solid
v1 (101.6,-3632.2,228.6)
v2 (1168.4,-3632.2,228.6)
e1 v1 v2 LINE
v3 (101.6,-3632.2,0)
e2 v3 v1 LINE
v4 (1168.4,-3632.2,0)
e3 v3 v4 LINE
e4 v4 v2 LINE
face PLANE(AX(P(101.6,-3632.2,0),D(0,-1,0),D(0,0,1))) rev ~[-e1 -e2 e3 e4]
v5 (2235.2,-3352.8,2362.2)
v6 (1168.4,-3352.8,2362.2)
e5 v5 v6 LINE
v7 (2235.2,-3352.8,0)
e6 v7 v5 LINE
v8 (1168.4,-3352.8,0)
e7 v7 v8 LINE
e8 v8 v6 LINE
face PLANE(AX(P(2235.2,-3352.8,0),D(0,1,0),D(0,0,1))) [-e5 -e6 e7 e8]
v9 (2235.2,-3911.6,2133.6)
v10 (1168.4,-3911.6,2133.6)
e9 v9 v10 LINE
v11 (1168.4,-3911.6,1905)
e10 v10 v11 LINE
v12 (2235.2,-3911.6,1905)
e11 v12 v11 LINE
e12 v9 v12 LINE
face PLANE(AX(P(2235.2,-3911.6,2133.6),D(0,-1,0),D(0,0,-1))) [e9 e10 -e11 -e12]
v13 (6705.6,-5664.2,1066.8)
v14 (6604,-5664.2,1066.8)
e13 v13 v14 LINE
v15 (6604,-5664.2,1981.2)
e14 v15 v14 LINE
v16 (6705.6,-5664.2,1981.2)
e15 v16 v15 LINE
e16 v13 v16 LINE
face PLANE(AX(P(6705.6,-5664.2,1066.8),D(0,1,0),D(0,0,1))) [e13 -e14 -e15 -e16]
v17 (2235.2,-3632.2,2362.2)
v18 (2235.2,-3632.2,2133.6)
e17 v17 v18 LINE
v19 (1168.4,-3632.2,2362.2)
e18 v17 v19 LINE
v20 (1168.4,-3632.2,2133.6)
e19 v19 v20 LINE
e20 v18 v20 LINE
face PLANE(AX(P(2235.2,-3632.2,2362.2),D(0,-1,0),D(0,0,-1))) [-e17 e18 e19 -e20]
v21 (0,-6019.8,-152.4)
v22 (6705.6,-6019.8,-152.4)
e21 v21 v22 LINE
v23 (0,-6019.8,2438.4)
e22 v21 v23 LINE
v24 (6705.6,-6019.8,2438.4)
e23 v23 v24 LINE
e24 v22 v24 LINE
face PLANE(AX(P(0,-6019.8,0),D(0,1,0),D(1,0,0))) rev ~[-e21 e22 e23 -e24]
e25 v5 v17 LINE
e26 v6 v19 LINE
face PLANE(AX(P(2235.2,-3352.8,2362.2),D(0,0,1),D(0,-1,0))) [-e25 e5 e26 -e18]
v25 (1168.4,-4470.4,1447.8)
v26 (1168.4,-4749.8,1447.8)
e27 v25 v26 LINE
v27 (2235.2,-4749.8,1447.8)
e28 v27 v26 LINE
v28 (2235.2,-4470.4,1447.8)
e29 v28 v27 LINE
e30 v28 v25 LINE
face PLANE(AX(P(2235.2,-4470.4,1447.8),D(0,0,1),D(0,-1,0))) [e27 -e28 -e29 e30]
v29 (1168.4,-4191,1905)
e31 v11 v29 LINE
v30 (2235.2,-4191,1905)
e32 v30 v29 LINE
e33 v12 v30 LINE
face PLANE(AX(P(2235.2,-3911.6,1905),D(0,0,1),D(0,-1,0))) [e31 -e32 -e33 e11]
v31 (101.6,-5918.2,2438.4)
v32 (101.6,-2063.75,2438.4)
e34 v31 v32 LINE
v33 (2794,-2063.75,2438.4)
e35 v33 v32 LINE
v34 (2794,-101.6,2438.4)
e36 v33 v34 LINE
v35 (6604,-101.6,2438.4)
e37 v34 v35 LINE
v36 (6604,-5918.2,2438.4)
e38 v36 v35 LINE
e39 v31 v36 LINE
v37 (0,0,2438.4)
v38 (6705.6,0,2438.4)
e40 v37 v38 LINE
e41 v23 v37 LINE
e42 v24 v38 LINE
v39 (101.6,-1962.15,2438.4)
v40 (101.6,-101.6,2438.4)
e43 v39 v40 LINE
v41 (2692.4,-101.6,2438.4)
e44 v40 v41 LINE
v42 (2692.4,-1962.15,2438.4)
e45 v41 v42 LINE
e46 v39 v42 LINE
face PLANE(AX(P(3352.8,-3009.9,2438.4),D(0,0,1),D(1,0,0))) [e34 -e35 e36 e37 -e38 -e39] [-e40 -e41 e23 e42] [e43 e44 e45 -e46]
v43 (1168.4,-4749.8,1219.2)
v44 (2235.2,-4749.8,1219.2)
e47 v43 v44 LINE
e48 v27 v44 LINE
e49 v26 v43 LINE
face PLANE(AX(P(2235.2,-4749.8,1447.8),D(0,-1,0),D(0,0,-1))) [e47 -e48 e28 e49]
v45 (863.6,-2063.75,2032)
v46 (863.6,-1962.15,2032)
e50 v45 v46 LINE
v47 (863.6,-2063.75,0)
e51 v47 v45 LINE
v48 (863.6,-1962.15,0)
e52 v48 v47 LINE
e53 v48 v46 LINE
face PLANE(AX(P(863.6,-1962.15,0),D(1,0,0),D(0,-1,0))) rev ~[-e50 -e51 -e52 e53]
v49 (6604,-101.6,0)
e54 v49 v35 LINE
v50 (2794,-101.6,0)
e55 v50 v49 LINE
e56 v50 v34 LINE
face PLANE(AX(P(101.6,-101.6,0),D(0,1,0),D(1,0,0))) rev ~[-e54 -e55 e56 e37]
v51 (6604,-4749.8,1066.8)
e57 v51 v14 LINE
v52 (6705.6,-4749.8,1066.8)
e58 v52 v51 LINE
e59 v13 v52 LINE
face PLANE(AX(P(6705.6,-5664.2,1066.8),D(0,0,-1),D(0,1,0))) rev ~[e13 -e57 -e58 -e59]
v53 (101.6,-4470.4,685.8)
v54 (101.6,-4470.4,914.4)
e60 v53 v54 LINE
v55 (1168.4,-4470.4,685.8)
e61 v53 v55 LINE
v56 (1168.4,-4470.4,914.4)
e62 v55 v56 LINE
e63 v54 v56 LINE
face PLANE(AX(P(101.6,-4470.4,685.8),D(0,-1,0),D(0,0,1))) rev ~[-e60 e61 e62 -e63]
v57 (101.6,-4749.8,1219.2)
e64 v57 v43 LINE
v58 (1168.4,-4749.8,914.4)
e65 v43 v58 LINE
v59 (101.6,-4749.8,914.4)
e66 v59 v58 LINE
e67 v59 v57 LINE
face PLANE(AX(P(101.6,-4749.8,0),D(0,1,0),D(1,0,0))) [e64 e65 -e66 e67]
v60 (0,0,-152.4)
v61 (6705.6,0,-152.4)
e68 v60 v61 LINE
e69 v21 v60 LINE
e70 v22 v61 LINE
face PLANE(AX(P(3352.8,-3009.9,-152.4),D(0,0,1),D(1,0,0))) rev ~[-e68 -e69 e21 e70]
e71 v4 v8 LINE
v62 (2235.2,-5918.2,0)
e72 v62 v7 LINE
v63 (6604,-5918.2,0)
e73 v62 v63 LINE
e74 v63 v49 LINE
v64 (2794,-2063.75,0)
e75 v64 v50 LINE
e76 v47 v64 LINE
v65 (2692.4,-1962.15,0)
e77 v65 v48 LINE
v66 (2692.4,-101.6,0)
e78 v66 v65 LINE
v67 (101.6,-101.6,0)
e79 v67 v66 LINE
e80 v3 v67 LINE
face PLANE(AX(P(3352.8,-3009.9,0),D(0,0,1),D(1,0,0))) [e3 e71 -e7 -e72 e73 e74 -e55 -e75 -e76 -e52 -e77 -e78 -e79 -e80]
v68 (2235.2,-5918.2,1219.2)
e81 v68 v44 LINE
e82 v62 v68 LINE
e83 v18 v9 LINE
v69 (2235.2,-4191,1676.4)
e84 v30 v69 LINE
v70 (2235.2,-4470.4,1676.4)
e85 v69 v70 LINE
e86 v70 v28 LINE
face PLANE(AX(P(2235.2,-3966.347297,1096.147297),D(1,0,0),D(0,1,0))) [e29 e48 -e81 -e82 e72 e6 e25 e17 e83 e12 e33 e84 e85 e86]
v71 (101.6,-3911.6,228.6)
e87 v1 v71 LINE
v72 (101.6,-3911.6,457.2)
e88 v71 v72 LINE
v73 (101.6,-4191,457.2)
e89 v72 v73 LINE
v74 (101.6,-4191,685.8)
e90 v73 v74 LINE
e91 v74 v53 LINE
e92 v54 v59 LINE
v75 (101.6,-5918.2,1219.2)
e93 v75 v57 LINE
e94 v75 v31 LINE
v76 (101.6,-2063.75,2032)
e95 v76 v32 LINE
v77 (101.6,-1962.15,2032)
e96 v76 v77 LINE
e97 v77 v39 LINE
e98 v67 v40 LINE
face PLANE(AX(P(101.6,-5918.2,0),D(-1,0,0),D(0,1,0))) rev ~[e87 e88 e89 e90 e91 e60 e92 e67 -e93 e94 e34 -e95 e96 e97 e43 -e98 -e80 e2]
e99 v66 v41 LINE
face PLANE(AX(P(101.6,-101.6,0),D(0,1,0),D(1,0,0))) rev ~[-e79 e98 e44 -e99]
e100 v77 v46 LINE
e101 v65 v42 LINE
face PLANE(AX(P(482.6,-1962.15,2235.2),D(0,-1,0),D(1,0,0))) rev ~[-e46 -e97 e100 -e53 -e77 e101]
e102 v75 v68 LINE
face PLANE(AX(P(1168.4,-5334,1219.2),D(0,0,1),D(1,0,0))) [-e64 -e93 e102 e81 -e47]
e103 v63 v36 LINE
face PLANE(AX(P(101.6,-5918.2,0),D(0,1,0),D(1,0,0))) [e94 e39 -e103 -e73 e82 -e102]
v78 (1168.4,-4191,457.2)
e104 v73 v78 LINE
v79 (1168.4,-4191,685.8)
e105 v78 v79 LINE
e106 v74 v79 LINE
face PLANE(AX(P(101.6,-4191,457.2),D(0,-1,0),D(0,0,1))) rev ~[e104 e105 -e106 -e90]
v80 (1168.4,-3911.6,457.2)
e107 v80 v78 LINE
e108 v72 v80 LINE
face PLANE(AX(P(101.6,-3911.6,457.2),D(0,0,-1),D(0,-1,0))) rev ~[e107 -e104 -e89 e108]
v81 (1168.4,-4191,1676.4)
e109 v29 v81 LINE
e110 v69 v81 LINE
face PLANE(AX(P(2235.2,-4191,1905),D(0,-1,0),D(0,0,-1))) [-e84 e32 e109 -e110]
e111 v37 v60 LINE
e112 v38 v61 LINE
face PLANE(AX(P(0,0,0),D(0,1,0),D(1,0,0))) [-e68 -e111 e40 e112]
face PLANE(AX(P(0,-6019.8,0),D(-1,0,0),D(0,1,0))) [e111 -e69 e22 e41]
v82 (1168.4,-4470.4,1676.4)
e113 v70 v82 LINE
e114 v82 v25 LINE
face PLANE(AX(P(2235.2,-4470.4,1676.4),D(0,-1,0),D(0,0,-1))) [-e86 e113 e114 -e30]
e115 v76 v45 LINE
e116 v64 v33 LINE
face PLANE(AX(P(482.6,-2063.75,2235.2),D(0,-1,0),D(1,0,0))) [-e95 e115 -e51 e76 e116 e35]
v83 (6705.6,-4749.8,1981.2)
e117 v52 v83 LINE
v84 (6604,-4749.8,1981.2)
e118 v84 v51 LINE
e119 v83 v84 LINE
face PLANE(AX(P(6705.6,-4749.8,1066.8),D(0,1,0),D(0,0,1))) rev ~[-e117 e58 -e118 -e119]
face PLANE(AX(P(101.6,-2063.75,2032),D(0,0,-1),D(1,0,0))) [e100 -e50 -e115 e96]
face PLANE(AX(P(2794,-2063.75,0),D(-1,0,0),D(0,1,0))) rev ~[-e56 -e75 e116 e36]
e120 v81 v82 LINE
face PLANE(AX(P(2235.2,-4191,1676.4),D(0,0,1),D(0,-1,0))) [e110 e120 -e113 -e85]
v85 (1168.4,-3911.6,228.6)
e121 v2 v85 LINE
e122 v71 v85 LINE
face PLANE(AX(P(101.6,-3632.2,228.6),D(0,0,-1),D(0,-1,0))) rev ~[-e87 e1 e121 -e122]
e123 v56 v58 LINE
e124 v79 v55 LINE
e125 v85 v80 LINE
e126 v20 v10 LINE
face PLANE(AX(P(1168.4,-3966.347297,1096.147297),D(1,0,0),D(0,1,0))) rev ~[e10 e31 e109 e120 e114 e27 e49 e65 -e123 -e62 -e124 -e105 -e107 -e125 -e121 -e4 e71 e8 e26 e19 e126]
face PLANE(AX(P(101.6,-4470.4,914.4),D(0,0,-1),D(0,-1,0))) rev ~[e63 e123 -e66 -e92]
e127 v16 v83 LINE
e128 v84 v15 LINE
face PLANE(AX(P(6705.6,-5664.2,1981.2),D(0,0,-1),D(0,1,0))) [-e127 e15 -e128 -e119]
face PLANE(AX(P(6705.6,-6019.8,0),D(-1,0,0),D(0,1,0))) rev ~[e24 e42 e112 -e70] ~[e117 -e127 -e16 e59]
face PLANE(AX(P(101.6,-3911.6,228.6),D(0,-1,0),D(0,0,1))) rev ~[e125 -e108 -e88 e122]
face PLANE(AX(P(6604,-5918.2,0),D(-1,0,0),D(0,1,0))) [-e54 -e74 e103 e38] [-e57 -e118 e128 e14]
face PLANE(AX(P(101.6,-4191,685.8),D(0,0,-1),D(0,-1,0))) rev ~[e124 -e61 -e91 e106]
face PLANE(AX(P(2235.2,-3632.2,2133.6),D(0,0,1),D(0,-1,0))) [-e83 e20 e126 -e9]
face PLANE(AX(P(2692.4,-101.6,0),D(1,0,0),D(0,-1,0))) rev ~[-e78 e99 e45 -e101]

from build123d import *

# Parameters (mm, degrees)
F0_W      = 6705.6
F0_H      = 6019.8
F1_DEPTH  = 152.4
F2_W      = 6705.6
F2_H      = 6019.8
F2_W_2    = 6502.4
F2_H_2    = 5816.6
F3_DEPTH  = 2438.4
F5_DEPTH  = 2438.4
F6_W      = 914.4
F6_H      = 914.4
F7_DEPTH  = 127
F8_W      = 762
F8_H      = 406.4
F9_DEPTH  = 101.6
F10_W     = 2133.6
F10_H     = 1168.4
F11_DEPTH = 1219.2
F13_DEPTH = 1066.8
F15_DEPTH = 1066.8


with BuildPart() as f1:
    # F0 (on Top) → F1 (new body)
    with BuildSketch(Plane.XY):
        with Locations((3352.8, -3009.9)):
            Rectangle(F0_W, F0_H)
    extrude(amount=-F1_DEPTH)

    # F2 (on face) → F3 (join)
    with BuildSketch(Plane.XY):
        with Locations((3352.8, -3009.9)):
            Rectangle(F2_W, F2_H)
        with Locations((3352.8, -3009.9)):
            Rectangle(F2_W_2, F2_H_2, mode=Mode.SUBTRACT)
    extrude(amount=F3_DEPTH)

    # F4 (on face) → F5 (join)
    with BuildSketch(Plane.XY):
        Polygon((2692.4, -1962.15), (863.6, -1962.15), (863.6, -2063.75), (2794, -2063.75), (2794, -101.6), (2692.4, -101.6), align=None)
    extrude(amount=F5_DEPTH)

    # F6 (on face) → F7 (cut)
    with BuildSketch(Plane.YZ.offset(6705.6)):
        with Locations((-5207, 1524)):
            Rectangle(F6_W, F6_H)
    extrude(amount=-F7_DEPTH, mode=Mode.SUBTRACT)

    # F8 (on face) → F9 (join, through all)
    with BuildSketch(Plane.XZ.offset(2063.75)):
        with Locations((482.6, 2235.2)):
            Rectangle(F8_W, F8_H)
    extrude(amount=-F9_DEPTH)

    # F10 (on face) → F11 (join)
    with BuildSketch(Plane.XY):
        with Locations((1168.4, -5334)):
            Rectangle(F10_W, F10_H)
    extrude(amount=F11_DEPTH)

    # F12 (on face) → F13 (join)
    with BuildSketch(Plane.YZ.offset(101.6)):
        Polygon((-4749.8, 0), (-3632.2, 0), (-3632.2, 228.6), (-3911.6, 228.6), (-3911.6, 457.2), (-4191, 457.2), (-4191, 685.8), (-4470.4, 685.8), (-4470.4, 914.4), (-4749.8, 914.4), align=None)
    extrude(amount=F13_DEPTH)

    # F14 (on face) → F15 (join)
    with BuildSketch(Plane.YZ.offset(2235.2)):
        Polygon((-4749.8, 1447.8), (-4749.8, 1219.2), (-4749.8, 0), (-3352.8, 0), (-3352.8, 2362.2), (-3632.2, 2362.2), (-3632.2, 2133.6), (-3911.6, 2133.6), (-3911.6, 1905), (-4191, 1905), (-4191, 1676.4), (-4470.4, 1676.4), (-4470.4, 1447.8), align=None)
    extrude(amount=-F15_DEPTH)


solid = f1.part
